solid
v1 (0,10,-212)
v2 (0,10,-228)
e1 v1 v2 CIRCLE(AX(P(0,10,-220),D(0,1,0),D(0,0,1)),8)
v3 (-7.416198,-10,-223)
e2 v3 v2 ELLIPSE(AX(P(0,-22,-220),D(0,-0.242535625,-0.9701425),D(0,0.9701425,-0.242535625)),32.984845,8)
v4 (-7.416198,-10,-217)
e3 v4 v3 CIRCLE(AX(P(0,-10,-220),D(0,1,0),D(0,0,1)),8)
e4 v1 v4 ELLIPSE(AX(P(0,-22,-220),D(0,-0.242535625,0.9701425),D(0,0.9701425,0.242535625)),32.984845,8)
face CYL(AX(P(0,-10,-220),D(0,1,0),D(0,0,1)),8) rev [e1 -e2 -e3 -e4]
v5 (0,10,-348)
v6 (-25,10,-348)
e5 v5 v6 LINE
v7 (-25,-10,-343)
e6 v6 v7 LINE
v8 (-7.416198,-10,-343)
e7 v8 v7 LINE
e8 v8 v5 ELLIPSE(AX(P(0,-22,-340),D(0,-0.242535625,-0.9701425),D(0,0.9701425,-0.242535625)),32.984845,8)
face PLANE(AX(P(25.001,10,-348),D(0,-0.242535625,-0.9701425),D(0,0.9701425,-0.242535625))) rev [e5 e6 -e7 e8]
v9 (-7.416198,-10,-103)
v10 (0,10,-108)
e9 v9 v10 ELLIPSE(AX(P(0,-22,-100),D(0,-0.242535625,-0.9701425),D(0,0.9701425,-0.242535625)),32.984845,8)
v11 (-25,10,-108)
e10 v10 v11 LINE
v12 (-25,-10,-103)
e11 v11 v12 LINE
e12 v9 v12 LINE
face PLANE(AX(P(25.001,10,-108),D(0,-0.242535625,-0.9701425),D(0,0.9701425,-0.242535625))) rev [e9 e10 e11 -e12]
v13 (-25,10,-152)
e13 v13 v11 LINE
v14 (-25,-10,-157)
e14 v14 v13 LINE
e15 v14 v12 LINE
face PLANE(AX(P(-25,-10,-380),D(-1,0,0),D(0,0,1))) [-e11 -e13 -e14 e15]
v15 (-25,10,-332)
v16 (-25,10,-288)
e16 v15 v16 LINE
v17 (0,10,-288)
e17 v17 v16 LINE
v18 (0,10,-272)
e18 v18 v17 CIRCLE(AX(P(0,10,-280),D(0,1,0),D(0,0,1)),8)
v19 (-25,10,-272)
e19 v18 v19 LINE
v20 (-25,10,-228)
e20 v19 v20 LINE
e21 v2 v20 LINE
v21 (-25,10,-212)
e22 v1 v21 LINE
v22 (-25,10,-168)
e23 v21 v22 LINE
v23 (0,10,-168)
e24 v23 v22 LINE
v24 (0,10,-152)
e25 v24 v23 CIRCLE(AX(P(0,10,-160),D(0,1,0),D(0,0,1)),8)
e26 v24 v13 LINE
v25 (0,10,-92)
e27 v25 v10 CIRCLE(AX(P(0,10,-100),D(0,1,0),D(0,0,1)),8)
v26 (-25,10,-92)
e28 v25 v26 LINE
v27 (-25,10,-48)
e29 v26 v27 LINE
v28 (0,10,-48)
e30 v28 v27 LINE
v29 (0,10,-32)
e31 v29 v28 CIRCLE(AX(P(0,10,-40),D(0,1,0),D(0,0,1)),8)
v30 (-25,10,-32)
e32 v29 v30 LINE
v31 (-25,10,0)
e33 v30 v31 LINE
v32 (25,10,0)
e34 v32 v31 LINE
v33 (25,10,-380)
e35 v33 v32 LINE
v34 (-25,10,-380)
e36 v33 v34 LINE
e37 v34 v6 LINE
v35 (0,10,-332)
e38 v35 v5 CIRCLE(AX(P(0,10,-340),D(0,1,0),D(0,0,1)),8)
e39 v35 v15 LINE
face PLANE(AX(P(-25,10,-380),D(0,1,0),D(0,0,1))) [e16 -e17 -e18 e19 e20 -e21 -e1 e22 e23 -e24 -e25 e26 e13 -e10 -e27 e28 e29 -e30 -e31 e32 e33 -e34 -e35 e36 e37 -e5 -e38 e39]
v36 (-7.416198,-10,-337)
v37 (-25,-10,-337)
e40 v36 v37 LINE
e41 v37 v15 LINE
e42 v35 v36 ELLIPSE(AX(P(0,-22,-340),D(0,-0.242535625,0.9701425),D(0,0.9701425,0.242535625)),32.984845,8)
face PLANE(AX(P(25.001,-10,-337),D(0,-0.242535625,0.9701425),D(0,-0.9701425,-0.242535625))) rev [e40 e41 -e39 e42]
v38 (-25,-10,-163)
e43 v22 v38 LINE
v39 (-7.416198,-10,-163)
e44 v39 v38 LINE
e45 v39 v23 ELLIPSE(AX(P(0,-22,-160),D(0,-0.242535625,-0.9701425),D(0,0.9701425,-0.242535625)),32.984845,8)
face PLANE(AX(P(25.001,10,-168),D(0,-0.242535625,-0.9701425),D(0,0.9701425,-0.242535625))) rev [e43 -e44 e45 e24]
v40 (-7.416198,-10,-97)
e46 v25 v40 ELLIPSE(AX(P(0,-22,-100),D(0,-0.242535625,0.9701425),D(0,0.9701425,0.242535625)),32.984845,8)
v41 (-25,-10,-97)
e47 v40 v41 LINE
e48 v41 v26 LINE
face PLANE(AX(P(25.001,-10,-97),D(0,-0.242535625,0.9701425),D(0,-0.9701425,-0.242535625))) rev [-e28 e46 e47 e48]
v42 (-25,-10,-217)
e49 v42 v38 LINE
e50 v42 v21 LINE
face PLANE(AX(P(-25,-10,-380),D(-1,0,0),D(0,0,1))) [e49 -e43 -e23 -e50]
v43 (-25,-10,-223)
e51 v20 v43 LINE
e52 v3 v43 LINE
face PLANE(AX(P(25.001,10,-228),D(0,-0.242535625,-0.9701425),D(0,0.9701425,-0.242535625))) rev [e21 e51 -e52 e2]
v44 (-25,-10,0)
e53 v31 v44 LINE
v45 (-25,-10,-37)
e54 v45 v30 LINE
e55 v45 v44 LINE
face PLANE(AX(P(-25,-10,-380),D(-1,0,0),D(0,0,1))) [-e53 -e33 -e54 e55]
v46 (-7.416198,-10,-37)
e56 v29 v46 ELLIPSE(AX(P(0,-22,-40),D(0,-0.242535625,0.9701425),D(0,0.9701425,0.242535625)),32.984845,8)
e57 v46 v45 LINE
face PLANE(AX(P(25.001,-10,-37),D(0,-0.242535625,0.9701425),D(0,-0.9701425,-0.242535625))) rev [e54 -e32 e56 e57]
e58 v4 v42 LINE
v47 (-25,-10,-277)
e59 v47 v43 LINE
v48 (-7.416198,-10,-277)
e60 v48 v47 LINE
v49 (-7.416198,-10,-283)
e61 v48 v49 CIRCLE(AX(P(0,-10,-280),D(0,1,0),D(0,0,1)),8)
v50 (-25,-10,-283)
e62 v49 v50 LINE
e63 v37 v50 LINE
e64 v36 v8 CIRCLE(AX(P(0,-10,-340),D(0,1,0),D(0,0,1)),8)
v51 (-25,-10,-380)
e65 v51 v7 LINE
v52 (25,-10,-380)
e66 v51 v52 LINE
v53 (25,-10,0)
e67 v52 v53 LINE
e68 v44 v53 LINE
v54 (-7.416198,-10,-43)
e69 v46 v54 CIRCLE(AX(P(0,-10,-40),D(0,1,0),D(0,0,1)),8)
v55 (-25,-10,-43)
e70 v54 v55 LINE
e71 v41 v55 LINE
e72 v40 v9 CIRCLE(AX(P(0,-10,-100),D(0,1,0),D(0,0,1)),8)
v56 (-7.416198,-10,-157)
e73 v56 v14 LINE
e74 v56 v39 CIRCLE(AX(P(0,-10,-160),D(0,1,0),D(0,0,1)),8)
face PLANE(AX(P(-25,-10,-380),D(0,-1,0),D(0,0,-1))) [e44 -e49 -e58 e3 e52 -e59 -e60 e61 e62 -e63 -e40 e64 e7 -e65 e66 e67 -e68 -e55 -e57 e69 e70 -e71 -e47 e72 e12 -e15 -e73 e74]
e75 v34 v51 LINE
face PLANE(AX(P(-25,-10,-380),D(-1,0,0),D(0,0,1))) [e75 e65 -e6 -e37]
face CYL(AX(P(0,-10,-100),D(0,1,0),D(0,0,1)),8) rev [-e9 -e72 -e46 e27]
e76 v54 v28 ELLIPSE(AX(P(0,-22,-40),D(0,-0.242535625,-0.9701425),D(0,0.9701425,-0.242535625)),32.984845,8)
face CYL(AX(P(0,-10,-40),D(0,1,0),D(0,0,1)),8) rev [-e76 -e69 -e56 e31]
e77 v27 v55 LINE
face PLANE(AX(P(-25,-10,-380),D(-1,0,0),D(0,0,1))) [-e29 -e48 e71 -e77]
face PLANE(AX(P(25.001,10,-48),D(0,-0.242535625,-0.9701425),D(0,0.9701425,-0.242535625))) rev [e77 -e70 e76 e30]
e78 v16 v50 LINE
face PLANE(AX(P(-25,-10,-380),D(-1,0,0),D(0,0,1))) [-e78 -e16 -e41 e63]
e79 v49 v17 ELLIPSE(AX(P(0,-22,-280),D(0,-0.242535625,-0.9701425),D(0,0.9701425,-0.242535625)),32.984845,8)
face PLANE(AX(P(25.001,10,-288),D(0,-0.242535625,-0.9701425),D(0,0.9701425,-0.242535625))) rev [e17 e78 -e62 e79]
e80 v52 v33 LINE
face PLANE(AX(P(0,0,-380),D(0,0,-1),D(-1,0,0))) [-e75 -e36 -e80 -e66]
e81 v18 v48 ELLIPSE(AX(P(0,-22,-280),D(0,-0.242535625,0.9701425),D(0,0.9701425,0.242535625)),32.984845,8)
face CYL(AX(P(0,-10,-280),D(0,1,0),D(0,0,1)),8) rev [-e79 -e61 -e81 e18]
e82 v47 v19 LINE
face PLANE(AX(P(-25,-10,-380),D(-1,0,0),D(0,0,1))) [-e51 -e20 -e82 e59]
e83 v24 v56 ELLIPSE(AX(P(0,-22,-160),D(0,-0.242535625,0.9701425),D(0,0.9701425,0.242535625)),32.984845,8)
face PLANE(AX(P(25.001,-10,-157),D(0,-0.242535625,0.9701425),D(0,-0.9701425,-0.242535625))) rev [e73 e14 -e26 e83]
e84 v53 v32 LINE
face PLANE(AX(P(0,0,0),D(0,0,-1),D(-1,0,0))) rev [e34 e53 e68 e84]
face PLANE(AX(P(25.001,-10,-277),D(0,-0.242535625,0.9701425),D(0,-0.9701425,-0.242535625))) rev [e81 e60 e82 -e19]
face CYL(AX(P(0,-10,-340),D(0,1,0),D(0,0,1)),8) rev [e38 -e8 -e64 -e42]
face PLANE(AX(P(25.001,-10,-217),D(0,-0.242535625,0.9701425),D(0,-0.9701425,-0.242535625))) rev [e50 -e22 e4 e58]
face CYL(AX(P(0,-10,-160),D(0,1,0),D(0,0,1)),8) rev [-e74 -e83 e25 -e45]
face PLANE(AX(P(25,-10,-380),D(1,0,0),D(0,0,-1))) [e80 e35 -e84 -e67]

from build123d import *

# Parameters (mm, degrees)
SKETCH1_W           = 50
SKETCH1_H           = 20
BOSS_EXTRUDE1_DEPTH = 380
SKETCH2_R           = 8
CUT_EXTRUDE1_DEPTH  = 21
CUT_EXTRUDE2_REACH  = 52


with BuildPart() as part:
    # Sketch1 → Boss-Extrude1 (new body)
    with BuildSketch(Plane.XY):
        Rectangle(SKETCH1_W, SKETCH1_H)
    extrude(amount=-BOSS_EXTRUDE1_DEPTH)

    # Sketch2 → Cut-Extrude1 (cut, through all)
    with BuildSketch(Plane(origin=(0, 10, 0), x_dir=(1, 0, 0), z_dir=(0, 1, 0))):
        with Locations((0, 40)):
            Circle(SKETCH2_R)
        with Locations((0, 100)):
            Circle(SKETCH2_R)
        with Locations((0, 160)):
            Circle(SKETCH2_R)
        with Locations((0, 220)):
            Circle(SKETCH2_R)
        with Locations((0, 280)):
            Circle(SKETCH2_R)
        with Locations((0, 340)):
            Circle(SKETCH2_R)
    extrude(amount=-CUT_EXTRUDE1_DEPTH, mode=Mode.SUBTRACT)

    # Sketch3 → Cut-Extrude2 (cut, up to next)
    with BuildSketch(Plane.ZY.offset(25), mode=Mode.PRIVATE) as cut_extrude2_sk1:
        Polygon((-348, 10), (-343, -10), (-337, -10), (-332, 10), align=None)
    cut_extrude2_tool1 = extrude(cut_extrude2_sk1.sketch, amount=-CUT_EXTRUDE2_REACH, mode=Mode.PRIVATE) & part.part
    add(cut_extrude2_tool1.solids().sort_by_distance((-25, 1.515152, -340))[0], mode=Mode.SUBTRACT)
    # Sketch3 → Cut-Extrude2 (cut, up to next)
    with BuildSketch(Plane.ZY.offset(25), mode=Mode.PRIVATE) as cut_extrude2_sk2:
        Polygon((-288, 10), (-283, -10), (-277, -10), (-272, 10), align=None)
    cut_extrude2_tool2 = extrude(cut_extrude2_sk2.sketch, amount=-CUT_EXTRUDE2_REACH, mode=Mode.PRIVATE) & part.part
    add(cut_extrude2_tool2.solids().sort_by_distance((-25, 1.515152, -280))[0], mode=Mode.SUBTRACT)
    # Sketch3 → Cut-Extrude2 (cut, up to next)
    with BuildSketch(Plane.ZY.offset(25), mode=Mode.PRIVATE) as cut_extrude2_sk3:
        Polygon((-228, 10), (-223, -10), (-217, -10), (-212, 10), align=None)
    cut_extrude2_tool3 = extrude(cut_extrude2_sk3.sketch, amount=-CUT_EXTRUDE2_REACH, mode=Mode.PRIVATE) & part.part
    add(cut_extrude2_tool3.solids().sort_by_distance((-25, 1.515152, -220))[0], mode=Mode.SUBTRACT)
    # Sketch3 → Cut-Extrude2 (cut, up to next)
    with BuildSketch(Plane.ZY.offset(25), mode=Mode.PRIVATE) as cut_extrude2_sk4:
        Polygon((-168, 10), (-163, -10), (-157, -10), (-152, 10), align=None)
    cut_extrude2_tool4 = extrude(cut_extrude2_sk4.sketch, amount=-CUT_EXTRUDE2_REACH, mode=Mode.PRIVATE) & part.part
    add(cut_extrude2_tool4.solids().sort_by_distance((-25, 1.515152, -160))[0], mode=Mode.SUBTRACT)
    # Sketch3 → Cut-Extrude2 (cut, up to next)
    with BuildSketch(Plane.ZY.offset(25), mode=Mode.PRIVATE) as cut_extrude2_sk5:
        Polygon((-108, 10), (-103, -10), (-97, -10), (-92, 10), align=None)
    cut_extrude2_tool5 = extrude(cut_extrude2_sk5.sketch, amount=-CUT_EXTRUDE2_REACH, mode=Mode.PRIVATE) & part.part
    add(cut_extrude2_tool5.solids().sort_by_distance((-25, 1.515152, -100))[0], mode=Mode.SUBTRACT)
    # Sketch3 → Cut-Extrude2 (cut, up to next)
    with BuildSketch(Plane.ZY.offset(25), mode=Mode.PRIVATE) as cut_extrude2_sk6:
        Polygon((-48, 10), (-43, -10), (-37, -10), (-32, 10), align=None)
    cut_extrude2_tool6 = extrude(cut_extrude2_sk6.sketch, amount=-CUT_EXTRUDE2_REACH, mode=Mode.PRIVATE) & part.part
    add(cut_extrude2_tool6.solids().sort_by_distance((-25, 1.515152, -40))[0], mode=Mode.SUBTRACT)


solid = part.part
